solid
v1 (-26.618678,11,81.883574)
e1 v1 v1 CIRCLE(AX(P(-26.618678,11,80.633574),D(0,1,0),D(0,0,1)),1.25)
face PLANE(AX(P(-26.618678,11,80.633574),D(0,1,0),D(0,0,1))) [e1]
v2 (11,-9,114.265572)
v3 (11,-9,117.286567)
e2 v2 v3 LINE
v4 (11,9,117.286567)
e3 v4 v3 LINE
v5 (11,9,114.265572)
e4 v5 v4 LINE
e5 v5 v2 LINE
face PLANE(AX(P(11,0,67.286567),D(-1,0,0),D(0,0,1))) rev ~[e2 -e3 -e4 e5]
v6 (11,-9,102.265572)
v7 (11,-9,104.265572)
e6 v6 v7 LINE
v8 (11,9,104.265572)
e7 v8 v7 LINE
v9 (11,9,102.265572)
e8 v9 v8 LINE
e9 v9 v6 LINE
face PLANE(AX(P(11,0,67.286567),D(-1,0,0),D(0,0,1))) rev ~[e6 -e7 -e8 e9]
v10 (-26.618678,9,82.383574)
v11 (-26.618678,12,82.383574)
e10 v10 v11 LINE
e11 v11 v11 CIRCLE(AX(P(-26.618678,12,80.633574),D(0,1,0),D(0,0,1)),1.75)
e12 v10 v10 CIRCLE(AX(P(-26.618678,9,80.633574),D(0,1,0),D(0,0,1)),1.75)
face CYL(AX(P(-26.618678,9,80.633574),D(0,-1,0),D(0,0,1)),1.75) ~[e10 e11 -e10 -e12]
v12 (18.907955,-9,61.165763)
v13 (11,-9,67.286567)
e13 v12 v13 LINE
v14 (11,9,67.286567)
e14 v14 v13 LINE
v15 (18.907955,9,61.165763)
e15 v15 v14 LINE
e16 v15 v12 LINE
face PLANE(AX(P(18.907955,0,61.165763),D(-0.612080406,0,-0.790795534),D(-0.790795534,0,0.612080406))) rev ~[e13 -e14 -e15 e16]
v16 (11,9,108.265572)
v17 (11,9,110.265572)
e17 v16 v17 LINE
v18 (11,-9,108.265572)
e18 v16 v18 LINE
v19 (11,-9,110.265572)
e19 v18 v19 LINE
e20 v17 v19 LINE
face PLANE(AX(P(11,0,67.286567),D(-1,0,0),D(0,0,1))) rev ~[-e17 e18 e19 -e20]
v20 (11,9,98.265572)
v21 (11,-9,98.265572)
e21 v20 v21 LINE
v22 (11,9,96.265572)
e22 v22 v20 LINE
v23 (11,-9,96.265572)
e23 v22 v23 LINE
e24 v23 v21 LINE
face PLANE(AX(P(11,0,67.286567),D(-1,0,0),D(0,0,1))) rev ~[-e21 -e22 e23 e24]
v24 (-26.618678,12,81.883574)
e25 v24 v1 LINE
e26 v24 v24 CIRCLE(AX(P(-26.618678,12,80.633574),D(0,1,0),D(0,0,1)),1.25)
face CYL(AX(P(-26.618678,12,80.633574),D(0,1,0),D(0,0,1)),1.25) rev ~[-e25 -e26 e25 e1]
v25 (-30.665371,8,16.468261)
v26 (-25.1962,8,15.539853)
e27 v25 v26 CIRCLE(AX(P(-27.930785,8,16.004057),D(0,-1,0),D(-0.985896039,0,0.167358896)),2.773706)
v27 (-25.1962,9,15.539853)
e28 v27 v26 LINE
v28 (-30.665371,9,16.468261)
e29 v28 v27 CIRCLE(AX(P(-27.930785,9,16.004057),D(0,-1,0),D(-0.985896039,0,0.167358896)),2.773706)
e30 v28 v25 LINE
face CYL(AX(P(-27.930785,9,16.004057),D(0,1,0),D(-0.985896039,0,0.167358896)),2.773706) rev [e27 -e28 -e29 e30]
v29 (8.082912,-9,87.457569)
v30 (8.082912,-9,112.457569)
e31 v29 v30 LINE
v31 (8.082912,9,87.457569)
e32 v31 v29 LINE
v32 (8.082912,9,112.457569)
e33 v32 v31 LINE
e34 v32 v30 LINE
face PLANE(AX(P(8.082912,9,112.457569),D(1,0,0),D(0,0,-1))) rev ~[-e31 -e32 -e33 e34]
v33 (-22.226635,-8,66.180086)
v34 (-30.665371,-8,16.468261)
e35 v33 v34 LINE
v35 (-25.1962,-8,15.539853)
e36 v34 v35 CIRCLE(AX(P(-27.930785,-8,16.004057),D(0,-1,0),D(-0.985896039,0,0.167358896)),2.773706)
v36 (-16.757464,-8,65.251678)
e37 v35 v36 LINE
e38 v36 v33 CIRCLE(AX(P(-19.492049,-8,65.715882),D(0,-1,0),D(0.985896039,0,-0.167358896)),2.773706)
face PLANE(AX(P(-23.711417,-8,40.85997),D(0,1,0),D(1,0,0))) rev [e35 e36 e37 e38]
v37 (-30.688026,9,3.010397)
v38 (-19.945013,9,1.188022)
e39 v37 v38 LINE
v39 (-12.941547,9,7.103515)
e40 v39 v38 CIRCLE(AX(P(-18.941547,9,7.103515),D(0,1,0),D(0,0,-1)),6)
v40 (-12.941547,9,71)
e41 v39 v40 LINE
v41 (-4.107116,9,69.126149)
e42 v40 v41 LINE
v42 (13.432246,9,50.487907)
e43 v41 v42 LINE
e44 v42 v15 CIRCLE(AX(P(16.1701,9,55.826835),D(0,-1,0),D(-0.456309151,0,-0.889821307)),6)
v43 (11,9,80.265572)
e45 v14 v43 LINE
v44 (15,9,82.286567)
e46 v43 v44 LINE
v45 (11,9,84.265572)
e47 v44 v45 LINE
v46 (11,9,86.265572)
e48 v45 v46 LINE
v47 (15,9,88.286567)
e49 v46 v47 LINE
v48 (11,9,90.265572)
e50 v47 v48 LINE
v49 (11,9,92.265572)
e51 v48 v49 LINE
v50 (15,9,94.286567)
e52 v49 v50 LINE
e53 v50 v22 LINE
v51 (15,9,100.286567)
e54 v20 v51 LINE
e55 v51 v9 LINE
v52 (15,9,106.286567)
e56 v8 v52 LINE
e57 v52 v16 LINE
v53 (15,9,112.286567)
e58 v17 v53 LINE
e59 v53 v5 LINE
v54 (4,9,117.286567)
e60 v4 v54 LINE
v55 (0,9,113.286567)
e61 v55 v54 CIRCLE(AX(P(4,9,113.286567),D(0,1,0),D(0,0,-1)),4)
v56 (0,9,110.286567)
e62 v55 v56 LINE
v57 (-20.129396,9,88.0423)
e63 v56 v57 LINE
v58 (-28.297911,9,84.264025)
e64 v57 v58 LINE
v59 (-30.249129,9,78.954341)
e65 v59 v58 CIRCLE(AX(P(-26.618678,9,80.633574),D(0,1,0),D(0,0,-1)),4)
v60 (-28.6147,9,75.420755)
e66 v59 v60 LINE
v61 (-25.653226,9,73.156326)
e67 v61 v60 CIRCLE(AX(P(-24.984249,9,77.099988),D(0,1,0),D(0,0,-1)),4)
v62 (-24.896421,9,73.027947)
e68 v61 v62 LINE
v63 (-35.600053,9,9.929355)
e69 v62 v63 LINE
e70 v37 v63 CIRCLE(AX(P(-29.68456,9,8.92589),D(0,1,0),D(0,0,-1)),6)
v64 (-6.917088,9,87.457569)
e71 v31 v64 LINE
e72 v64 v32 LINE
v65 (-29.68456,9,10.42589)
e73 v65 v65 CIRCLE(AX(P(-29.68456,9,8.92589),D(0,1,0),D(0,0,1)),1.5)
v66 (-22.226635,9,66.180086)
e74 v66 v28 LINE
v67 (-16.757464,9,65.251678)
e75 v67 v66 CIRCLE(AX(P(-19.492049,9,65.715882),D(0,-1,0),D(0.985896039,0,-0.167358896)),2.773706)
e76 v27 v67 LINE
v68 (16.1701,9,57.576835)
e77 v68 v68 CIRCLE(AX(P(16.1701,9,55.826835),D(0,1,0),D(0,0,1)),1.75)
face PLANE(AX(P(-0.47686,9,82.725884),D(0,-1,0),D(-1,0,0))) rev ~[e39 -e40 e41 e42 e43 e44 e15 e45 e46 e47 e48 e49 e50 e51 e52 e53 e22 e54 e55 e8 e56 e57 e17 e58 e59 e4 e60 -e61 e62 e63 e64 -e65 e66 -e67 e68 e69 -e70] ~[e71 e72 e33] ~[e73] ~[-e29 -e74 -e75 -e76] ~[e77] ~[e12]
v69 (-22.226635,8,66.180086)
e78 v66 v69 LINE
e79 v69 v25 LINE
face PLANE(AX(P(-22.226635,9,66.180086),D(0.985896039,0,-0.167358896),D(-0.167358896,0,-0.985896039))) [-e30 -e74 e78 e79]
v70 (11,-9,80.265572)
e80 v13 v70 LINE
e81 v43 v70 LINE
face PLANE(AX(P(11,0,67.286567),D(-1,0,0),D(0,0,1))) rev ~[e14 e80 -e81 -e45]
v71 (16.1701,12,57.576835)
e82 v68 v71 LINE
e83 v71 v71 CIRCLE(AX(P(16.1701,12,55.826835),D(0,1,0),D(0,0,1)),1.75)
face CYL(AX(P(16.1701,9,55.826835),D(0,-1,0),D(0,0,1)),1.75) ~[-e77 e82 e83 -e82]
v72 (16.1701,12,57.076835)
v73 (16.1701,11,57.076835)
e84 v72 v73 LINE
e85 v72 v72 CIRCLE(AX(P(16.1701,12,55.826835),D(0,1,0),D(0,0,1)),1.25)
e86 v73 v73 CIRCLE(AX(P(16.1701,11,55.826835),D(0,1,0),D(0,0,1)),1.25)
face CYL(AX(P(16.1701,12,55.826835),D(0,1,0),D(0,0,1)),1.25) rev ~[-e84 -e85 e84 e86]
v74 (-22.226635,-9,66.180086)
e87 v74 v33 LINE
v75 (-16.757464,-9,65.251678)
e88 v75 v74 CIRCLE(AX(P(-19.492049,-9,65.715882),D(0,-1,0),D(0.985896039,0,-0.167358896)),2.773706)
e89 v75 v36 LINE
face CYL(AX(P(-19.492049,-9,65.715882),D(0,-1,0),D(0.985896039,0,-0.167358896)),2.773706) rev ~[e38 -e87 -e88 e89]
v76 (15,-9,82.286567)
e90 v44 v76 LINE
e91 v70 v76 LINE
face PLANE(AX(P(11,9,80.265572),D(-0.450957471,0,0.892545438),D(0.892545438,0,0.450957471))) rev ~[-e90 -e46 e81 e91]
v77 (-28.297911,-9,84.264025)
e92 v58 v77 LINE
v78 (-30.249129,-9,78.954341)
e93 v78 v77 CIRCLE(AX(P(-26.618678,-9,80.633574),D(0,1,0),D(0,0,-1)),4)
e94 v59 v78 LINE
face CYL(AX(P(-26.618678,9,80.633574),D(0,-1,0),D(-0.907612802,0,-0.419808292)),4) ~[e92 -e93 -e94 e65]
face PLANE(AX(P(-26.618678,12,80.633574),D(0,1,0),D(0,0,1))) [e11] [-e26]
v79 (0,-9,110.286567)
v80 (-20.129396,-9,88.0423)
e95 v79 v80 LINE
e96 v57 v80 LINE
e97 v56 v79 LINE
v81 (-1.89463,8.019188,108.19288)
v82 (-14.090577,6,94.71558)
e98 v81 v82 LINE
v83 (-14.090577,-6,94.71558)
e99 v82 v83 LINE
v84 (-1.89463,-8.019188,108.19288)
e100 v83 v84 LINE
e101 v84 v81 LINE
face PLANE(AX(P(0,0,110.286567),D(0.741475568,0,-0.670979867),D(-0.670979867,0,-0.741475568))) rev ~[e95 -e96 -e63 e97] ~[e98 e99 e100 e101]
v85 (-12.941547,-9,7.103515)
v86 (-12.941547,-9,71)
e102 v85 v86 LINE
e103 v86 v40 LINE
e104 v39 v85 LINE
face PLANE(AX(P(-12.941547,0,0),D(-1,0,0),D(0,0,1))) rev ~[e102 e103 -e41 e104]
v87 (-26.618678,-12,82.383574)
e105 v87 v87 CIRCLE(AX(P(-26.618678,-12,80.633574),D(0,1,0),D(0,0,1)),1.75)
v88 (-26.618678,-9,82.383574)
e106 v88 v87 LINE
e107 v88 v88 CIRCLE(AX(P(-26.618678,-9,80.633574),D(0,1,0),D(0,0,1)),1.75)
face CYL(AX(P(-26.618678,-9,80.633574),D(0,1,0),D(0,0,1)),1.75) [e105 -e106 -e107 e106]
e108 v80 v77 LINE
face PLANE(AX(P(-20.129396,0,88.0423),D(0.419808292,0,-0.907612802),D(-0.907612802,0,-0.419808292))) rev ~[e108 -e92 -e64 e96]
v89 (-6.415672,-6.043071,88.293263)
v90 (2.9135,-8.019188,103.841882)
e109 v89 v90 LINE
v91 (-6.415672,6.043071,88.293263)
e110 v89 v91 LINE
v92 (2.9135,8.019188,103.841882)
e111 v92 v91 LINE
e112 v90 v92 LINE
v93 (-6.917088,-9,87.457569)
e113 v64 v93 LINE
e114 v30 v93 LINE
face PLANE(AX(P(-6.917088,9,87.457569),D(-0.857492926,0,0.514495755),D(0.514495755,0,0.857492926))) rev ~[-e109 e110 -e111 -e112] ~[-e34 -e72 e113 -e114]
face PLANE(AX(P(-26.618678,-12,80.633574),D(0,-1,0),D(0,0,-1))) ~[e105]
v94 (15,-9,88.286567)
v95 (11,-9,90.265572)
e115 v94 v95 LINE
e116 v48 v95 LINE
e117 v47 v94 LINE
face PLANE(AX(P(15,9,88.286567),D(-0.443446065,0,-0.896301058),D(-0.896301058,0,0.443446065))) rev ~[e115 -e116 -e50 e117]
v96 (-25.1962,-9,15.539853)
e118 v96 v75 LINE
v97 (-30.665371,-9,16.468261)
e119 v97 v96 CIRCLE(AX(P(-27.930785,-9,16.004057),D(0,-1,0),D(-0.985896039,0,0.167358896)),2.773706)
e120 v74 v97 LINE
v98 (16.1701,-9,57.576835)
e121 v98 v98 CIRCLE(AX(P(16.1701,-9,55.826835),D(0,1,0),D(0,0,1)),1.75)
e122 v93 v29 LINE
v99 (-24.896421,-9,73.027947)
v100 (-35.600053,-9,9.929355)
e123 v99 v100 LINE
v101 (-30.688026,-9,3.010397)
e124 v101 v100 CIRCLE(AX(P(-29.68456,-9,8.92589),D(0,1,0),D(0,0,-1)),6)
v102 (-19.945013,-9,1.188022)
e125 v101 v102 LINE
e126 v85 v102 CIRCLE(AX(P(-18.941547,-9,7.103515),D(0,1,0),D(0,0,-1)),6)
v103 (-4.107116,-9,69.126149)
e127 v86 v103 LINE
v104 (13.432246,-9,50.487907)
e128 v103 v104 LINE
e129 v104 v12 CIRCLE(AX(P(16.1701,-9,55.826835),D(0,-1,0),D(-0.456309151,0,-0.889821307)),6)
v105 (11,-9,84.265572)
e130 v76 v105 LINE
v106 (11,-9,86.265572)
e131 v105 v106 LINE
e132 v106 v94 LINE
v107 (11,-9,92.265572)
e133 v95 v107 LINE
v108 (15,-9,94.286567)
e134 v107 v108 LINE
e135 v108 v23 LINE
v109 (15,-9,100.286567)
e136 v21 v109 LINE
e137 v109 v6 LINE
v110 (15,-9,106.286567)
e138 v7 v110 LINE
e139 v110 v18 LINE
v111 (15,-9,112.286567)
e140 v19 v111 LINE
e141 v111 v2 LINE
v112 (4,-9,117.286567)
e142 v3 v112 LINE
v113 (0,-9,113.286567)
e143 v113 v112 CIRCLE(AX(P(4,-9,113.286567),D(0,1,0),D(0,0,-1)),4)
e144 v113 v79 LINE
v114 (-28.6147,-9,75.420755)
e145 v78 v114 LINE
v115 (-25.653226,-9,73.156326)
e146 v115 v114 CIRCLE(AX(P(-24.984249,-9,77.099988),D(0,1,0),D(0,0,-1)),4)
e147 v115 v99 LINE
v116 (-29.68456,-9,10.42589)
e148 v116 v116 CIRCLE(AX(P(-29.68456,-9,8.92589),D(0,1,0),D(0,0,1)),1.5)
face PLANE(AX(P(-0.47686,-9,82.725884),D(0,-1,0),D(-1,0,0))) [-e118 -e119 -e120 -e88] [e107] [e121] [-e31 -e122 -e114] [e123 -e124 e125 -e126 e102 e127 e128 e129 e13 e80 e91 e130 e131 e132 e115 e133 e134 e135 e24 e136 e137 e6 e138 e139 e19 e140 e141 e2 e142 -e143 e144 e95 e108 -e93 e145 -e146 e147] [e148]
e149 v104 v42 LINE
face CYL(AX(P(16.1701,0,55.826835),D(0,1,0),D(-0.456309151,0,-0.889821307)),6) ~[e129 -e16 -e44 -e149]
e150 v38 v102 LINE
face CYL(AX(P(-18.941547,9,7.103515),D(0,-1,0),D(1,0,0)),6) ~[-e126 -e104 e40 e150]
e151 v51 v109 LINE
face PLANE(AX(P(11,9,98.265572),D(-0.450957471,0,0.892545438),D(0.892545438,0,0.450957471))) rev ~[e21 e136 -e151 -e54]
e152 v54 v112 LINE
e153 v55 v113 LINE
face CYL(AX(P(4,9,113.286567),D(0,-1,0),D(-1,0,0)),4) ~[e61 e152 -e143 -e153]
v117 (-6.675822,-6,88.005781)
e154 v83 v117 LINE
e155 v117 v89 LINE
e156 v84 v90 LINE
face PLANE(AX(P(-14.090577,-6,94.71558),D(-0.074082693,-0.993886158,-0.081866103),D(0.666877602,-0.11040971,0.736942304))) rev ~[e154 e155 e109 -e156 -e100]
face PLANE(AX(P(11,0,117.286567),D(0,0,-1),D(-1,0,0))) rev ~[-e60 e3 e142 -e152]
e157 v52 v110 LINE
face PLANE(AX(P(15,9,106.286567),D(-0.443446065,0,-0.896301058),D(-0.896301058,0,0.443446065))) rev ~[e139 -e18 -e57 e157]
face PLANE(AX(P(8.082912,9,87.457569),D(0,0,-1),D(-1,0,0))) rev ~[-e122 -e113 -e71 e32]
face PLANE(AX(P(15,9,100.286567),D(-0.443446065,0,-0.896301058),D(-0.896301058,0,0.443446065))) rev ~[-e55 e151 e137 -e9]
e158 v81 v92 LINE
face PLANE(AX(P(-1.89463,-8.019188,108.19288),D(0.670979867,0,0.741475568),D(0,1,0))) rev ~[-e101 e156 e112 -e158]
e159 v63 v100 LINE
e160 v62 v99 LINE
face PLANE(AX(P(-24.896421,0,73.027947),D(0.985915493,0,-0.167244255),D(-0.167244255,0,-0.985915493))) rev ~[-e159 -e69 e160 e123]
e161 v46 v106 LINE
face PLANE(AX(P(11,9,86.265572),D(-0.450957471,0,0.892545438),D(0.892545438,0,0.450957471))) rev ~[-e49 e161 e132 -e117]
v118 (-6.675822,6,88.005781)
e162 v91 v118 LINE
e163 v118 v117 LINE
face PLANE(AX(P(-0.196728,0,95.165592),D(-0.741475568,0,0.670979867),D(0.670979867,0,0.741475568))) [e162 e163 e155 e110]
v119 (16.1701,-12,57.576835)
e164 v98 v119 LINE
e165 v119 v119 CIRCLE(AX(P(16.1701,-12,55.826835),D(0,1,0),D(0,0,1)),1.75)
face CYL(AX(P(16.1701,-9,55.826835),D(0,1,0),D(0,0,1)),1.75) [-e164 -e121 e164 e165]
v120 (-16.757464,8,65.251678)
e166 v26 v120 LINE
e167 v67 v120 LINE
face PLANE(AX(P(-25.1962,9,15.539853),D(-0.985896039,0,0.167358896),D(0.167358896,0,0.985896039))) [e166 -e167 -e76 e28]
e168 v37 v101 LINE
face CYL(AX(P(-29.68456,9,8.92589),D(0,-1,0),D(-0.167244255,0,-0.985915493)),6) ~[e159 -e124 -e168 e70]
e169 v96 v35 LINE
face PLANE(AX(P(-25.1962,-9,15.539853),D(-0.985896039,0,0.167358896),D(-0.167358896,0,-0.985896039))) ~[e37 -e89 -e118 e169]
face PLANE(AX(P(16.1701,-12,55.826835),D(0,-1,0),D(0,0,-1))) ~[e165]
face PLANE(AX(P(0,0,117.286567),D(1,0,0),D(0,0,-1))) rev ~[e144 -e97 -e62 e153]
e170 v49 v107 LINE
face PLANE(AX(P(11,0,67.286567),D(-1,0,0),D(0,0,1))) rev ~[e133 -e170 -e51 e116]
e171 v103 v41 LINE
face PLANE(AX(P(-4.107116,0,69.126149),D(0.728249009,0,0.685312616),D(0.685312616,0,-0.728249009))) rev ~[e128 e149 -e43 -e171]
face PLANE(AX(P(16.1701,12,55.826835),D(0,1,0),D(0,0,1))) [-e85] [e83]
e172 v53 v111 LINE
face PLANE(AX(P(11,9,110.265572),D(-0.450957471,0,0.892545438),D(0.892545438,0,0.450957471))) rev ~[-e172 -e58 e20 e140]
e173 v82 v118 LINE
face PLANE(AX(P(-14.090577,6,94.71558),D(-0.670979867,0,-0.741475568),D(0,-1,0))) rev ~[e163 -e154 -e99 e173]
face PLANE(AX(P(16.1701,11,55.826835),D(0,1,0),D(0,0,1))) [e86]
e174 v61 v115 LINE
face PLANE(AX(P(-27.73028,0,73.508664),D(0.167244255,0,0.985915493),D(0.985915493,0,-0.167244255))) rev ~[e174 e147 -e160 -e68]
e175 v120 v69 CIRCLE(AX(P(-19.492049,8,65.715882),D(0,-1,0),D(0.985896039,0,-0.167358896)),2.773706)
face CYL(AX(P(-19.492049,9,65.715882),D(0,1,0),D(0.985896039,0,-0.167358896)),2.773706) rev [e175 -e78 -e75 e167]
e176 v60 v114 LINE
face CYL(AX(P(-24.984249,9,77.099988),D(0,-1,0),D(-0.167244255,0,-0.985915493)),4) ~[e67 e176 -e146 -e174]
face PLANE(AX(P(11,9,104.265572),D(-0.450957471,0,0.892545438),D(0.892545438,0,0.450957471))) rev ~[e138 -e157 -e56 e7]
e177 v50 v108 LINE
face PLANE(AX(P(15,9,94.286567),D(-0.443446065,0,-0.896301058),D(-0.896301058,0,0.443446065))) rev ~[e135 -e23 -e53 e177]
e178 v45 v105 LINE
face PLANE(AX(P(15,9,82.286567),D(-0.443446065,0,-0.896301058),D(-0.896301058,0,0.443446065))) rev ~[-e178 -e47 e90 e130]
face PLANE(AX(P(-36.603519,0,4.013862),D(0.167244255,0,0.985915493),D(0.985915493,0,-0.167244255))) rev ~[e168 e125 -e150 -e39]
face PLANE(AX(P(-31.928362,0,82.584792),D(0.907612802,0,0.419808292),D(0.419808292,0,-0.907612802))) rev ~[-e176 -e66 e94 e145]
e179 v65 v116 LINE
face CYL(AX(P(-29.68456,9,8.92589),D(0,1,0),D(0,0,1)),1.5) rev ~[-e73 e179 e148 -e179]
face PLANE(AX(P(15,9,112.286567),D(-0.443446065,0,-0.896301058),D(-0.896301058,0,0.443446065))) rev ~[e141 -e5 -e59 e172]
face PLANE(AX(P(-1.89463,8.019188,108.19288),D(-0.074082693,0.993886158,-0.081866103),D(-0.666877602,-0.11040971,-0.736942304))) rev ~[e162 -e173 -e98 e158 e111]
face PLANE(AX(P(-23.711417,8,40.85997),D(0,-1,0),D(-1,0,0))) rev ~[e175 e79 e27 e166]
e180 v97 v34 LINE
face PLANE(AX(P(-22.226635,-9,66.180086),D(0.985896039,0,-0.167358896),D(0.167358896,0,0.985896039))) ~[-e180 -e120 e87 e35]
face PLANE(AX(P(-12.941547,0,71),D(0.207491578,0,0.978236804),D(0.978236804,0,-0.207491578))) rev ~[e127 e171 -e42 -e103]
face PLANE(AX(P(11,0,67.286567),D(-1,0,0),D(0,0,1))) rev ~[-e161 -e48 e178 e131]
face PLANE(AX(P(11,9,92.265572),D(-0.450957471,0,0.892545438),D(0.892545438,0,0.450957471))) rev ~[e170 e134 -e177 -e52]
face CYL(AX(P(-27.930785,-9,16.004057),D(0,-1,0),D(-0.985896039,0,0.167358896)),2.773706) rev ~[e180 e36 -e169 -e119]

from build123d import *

# Parameters (mm, degrees)
BOSS_EXTRUDE1_DEPTH = 9
FILLET1_R           = 6
FILLET2_R           = 4
BOSS_EXTRUDE2_DEPTH = 18
LPATTERN1_COUNT     = 6
LPATTERN1_PITCH     = 6
CUT_EXTRUDE1_DEPTH  = 26
CUT_EXTRUDE3_DEPTH  = 10
SKETCH5_R           = 1.5
CUT_EXTRUDE4_DEPTH  = 124.909348227
SKETCH6_R           = 1.75
BOSS_EXTRUDE3_DEPTH = 3
SKETCH7_R           = 1.25
CUT_EXTRUDE6_DEPTH  = 1
SKETCH8_R           = 1.25
CUT_EXTRUDE7_DEPTH  = 1
CUT_EXTRUDE8_DEPTH  = 1


with BuildPart() as part:
    # Sketch1 → Boss-Extrude1 (new, symmetric)
    with BuildSketch(Plane(origin=(0, 0, 0), x_dir=(1, 0, 0), z_dir=(0, 1, 0))):
        with BuildLine():
            ThreePointArc((13.432245527, -50.487906924), (21.509028276, -53.088979862), (18.907955338, -61.165762611))
            Line((18.907955338, -61.165762611), (11, -67.286566673))
            Line((11, -67.286566673), (11, -117.286566673))
            Line((11, -117.286566673), (0, -117.286566673))
            Line((0, -117.286566673), (0, -110.286566673))
            Line((0, -110.286566673), (-20.129396013, -88.042299634))
            Line((-20.129396013, -88.042299634), (-31.928362438, -82.58479184))
            Line((-31.928362438, -82.58479184), (-27.730279519, -73.508663821))
            Line((-27.730279519, -73.508663821), (-24.896421124, -73.027946621))
            Line((-24.896421124, -73.027946621), (-12.941547125, -71))
            Line((-12.941547125, -71), (-4.10711559, -69.126148868))
            Line((-4.10711559, -69.126148868), (13.432245527, -50.487906924))
        make_face()
        Polygon((-12.941547125, -71), (-24.896421124, -73.027946621), (-36.603518956, -4.013862114), (-12.941547125, 0), align=None)
    extrude(amount=BOSS_EXTRUDE1_DEPTH, both=True)

    # Fillet1
    fillet1_edges = [part.edges().sort_by_distance(p)[0] for p in [
        (-36.603518956, 0, 4.013862114),
        (-12.941547125, 0, 0),
    ]]
    fillet(fillet1_edges, radius=FILLET1_R)

    # Fillet2
    fillet2_edges = [part.edges().sort_by_distance(p)[0] for p in [
        (0, 0, 117.286566673),
        (-31.928362438, 0, 82.58479184),
        (-27.730279519, 0, 73.508663821),
    ]]
    fillet(fillet2_edges, radius=FILLET2_R)

    # Sketch2 → Boss-Extrude2 (add)
    with BuildSketch(Plane(origin=(0, 9, 0), x_dir=(1, 0, 0), z_dir=(0, 1, 0))):
        Polygon((15, -112.286566673), (11, -114.265571656), (11, -110.265571656), align=None)
    boss_extrude2 = extrude(amount=-BOSS_EXTRUDE2_DEPTH)

    # LPattern1: Boss-Extrude2 ×6
    with Locations(*[(0, 0, -i * LPATTERN1_PITCH) for i in range(1, LPATTERN1_COUNT)]):
        add(boss_extrude2)

    # Sketch3 → Cut-Extrude1 (cut)
    with BuildSketch(Plane(origin=(0, 9, 0), x_dir=(1, 0, 0), z_dir=(0, 1, 0))):
        Polygon((8.082911966, -112.457569416), (8.082911966, -87.457569416), (-6.917088034, -87.457569416), align=None)
    extrude(amount=-CUT_EXTRUDE1_DEPTH, mode=Mode.SUBTRACT)

    # Sketch4 → Cut-Extrude3 (cut)
    with BuildSketch(Plane(origin=(-54.869240858, 0, 49.65255435), x_dir=(0.6709798671072843, 0, 0.7414755679971466), z_dir=(-0.7414755679971466, 0, 0.6709798671072843))):
        Polygon((60.774794667, 6), (60.774794667, -6), (78.951118156, -8.019187605), (78.951118156, 8.019187605), align=None)
    extrude(amount=-CUT_EXTRUDE3_DEPTH, mode=Mode.SUBTRACT)

    # Sketch5 → Cut-Extrude4 (cut, through all)
    with BuildSketch(Plane(origin=(0, 9, 0), x_dir=(1, 0, 0), z_dir=(0, 1, 0))):
        with Locations(Location((-29.68456047, -8.925889543, 0), (0, 0, 270))):
            Circle(SKETCH5_R)
    extrude(amount=-CUT_EXTRUDE4_DEPTH, mode=Mode.SUBTRACT)

    # Sketch6 → Boss-Extrude3 (add)
    with BuildSketch(Plane(origin=(0, 9, 0), x_dir=(1, 0, 0), z_dir=(0, 1, 0))):
        with Locations(Location((-26.618678063, -80.6335738, 0), (0, 0, 270))):
            Circle(SKETCH6_R)
        with Locations(Location((16.170100432, -55.826834767, 0), (0, 0, 270))):
            Circle(SKETCH6_R)
    boss_extrude3 = extrude(amount=BOSS_EXTRUDE3_DEPTH)

    # Sketch7 → Cut-Extrude6 (cut)
    with BuildSketch(Plane(origin=(0, 12, 0), x_dir=(1, 0, 0), z_dir=(0, 1, 0))):
        with Locations(Location((-26.618678063, -80.6335738, 0), (0, 0, 270))):
            Circle(SKETCH7_R)
    extrude(amount=-CUT_EXTRUDE6_DEPTH, mode=Mode.SUBTRACT)

    # Sketch8 → Cut-Extrude7 (cut)
    with BuildSketch(Plane(origin=(0, 12, 0), x_dir=(1, 0, 0), z_dir=(0, 1, 0))):
        with Locations(Location((16.170100432, -55.826834767, 0), (0, 0, 270))):
            Circle(SKETCH8_R)
    extrude(amount=-CUT_EXTRUDE7_DEPTH, mode=Mode.SUBTRACT)

    # Sketch9 → Cut-Extrude8 (cut)
    with BuildSketch(Plane(origin=(0, 9, 0), x_dir=(1, 0, 0), z_dir=(0, 1, 0))):
        with BuildLine():
            Line((-25.196199852, -15.539852581), (-16.757464085, -65.251677823))
            ThreePointArc((-16.757464085, -65.251677823), (-19.027845143, -68.450467492), (-22.226634811, -66.180086434))
            Line((-22.226634811, -66.180086434), (-30.665370577, -16.468261192))
            ThreePointArc((-30.665370577, -16.468261192), (-28.39498952, -13.269471524), (-25.196199852, -15.539852581))
        make_face()
    cut_extrude8 = extrude(amount=-CUT_EXTRUDE8_DEPTH, mode=Mode.SUBTRACT)

    # Mirror1: Boss-Extrude3, Cut-Extrude8 across plane
    add(boss_extrude3.mirror(Plane.ZX))
    add(cut_extrude8.mirror(Plane.ZX), mode=Mode.SUBTRACT)


solid = part.part
